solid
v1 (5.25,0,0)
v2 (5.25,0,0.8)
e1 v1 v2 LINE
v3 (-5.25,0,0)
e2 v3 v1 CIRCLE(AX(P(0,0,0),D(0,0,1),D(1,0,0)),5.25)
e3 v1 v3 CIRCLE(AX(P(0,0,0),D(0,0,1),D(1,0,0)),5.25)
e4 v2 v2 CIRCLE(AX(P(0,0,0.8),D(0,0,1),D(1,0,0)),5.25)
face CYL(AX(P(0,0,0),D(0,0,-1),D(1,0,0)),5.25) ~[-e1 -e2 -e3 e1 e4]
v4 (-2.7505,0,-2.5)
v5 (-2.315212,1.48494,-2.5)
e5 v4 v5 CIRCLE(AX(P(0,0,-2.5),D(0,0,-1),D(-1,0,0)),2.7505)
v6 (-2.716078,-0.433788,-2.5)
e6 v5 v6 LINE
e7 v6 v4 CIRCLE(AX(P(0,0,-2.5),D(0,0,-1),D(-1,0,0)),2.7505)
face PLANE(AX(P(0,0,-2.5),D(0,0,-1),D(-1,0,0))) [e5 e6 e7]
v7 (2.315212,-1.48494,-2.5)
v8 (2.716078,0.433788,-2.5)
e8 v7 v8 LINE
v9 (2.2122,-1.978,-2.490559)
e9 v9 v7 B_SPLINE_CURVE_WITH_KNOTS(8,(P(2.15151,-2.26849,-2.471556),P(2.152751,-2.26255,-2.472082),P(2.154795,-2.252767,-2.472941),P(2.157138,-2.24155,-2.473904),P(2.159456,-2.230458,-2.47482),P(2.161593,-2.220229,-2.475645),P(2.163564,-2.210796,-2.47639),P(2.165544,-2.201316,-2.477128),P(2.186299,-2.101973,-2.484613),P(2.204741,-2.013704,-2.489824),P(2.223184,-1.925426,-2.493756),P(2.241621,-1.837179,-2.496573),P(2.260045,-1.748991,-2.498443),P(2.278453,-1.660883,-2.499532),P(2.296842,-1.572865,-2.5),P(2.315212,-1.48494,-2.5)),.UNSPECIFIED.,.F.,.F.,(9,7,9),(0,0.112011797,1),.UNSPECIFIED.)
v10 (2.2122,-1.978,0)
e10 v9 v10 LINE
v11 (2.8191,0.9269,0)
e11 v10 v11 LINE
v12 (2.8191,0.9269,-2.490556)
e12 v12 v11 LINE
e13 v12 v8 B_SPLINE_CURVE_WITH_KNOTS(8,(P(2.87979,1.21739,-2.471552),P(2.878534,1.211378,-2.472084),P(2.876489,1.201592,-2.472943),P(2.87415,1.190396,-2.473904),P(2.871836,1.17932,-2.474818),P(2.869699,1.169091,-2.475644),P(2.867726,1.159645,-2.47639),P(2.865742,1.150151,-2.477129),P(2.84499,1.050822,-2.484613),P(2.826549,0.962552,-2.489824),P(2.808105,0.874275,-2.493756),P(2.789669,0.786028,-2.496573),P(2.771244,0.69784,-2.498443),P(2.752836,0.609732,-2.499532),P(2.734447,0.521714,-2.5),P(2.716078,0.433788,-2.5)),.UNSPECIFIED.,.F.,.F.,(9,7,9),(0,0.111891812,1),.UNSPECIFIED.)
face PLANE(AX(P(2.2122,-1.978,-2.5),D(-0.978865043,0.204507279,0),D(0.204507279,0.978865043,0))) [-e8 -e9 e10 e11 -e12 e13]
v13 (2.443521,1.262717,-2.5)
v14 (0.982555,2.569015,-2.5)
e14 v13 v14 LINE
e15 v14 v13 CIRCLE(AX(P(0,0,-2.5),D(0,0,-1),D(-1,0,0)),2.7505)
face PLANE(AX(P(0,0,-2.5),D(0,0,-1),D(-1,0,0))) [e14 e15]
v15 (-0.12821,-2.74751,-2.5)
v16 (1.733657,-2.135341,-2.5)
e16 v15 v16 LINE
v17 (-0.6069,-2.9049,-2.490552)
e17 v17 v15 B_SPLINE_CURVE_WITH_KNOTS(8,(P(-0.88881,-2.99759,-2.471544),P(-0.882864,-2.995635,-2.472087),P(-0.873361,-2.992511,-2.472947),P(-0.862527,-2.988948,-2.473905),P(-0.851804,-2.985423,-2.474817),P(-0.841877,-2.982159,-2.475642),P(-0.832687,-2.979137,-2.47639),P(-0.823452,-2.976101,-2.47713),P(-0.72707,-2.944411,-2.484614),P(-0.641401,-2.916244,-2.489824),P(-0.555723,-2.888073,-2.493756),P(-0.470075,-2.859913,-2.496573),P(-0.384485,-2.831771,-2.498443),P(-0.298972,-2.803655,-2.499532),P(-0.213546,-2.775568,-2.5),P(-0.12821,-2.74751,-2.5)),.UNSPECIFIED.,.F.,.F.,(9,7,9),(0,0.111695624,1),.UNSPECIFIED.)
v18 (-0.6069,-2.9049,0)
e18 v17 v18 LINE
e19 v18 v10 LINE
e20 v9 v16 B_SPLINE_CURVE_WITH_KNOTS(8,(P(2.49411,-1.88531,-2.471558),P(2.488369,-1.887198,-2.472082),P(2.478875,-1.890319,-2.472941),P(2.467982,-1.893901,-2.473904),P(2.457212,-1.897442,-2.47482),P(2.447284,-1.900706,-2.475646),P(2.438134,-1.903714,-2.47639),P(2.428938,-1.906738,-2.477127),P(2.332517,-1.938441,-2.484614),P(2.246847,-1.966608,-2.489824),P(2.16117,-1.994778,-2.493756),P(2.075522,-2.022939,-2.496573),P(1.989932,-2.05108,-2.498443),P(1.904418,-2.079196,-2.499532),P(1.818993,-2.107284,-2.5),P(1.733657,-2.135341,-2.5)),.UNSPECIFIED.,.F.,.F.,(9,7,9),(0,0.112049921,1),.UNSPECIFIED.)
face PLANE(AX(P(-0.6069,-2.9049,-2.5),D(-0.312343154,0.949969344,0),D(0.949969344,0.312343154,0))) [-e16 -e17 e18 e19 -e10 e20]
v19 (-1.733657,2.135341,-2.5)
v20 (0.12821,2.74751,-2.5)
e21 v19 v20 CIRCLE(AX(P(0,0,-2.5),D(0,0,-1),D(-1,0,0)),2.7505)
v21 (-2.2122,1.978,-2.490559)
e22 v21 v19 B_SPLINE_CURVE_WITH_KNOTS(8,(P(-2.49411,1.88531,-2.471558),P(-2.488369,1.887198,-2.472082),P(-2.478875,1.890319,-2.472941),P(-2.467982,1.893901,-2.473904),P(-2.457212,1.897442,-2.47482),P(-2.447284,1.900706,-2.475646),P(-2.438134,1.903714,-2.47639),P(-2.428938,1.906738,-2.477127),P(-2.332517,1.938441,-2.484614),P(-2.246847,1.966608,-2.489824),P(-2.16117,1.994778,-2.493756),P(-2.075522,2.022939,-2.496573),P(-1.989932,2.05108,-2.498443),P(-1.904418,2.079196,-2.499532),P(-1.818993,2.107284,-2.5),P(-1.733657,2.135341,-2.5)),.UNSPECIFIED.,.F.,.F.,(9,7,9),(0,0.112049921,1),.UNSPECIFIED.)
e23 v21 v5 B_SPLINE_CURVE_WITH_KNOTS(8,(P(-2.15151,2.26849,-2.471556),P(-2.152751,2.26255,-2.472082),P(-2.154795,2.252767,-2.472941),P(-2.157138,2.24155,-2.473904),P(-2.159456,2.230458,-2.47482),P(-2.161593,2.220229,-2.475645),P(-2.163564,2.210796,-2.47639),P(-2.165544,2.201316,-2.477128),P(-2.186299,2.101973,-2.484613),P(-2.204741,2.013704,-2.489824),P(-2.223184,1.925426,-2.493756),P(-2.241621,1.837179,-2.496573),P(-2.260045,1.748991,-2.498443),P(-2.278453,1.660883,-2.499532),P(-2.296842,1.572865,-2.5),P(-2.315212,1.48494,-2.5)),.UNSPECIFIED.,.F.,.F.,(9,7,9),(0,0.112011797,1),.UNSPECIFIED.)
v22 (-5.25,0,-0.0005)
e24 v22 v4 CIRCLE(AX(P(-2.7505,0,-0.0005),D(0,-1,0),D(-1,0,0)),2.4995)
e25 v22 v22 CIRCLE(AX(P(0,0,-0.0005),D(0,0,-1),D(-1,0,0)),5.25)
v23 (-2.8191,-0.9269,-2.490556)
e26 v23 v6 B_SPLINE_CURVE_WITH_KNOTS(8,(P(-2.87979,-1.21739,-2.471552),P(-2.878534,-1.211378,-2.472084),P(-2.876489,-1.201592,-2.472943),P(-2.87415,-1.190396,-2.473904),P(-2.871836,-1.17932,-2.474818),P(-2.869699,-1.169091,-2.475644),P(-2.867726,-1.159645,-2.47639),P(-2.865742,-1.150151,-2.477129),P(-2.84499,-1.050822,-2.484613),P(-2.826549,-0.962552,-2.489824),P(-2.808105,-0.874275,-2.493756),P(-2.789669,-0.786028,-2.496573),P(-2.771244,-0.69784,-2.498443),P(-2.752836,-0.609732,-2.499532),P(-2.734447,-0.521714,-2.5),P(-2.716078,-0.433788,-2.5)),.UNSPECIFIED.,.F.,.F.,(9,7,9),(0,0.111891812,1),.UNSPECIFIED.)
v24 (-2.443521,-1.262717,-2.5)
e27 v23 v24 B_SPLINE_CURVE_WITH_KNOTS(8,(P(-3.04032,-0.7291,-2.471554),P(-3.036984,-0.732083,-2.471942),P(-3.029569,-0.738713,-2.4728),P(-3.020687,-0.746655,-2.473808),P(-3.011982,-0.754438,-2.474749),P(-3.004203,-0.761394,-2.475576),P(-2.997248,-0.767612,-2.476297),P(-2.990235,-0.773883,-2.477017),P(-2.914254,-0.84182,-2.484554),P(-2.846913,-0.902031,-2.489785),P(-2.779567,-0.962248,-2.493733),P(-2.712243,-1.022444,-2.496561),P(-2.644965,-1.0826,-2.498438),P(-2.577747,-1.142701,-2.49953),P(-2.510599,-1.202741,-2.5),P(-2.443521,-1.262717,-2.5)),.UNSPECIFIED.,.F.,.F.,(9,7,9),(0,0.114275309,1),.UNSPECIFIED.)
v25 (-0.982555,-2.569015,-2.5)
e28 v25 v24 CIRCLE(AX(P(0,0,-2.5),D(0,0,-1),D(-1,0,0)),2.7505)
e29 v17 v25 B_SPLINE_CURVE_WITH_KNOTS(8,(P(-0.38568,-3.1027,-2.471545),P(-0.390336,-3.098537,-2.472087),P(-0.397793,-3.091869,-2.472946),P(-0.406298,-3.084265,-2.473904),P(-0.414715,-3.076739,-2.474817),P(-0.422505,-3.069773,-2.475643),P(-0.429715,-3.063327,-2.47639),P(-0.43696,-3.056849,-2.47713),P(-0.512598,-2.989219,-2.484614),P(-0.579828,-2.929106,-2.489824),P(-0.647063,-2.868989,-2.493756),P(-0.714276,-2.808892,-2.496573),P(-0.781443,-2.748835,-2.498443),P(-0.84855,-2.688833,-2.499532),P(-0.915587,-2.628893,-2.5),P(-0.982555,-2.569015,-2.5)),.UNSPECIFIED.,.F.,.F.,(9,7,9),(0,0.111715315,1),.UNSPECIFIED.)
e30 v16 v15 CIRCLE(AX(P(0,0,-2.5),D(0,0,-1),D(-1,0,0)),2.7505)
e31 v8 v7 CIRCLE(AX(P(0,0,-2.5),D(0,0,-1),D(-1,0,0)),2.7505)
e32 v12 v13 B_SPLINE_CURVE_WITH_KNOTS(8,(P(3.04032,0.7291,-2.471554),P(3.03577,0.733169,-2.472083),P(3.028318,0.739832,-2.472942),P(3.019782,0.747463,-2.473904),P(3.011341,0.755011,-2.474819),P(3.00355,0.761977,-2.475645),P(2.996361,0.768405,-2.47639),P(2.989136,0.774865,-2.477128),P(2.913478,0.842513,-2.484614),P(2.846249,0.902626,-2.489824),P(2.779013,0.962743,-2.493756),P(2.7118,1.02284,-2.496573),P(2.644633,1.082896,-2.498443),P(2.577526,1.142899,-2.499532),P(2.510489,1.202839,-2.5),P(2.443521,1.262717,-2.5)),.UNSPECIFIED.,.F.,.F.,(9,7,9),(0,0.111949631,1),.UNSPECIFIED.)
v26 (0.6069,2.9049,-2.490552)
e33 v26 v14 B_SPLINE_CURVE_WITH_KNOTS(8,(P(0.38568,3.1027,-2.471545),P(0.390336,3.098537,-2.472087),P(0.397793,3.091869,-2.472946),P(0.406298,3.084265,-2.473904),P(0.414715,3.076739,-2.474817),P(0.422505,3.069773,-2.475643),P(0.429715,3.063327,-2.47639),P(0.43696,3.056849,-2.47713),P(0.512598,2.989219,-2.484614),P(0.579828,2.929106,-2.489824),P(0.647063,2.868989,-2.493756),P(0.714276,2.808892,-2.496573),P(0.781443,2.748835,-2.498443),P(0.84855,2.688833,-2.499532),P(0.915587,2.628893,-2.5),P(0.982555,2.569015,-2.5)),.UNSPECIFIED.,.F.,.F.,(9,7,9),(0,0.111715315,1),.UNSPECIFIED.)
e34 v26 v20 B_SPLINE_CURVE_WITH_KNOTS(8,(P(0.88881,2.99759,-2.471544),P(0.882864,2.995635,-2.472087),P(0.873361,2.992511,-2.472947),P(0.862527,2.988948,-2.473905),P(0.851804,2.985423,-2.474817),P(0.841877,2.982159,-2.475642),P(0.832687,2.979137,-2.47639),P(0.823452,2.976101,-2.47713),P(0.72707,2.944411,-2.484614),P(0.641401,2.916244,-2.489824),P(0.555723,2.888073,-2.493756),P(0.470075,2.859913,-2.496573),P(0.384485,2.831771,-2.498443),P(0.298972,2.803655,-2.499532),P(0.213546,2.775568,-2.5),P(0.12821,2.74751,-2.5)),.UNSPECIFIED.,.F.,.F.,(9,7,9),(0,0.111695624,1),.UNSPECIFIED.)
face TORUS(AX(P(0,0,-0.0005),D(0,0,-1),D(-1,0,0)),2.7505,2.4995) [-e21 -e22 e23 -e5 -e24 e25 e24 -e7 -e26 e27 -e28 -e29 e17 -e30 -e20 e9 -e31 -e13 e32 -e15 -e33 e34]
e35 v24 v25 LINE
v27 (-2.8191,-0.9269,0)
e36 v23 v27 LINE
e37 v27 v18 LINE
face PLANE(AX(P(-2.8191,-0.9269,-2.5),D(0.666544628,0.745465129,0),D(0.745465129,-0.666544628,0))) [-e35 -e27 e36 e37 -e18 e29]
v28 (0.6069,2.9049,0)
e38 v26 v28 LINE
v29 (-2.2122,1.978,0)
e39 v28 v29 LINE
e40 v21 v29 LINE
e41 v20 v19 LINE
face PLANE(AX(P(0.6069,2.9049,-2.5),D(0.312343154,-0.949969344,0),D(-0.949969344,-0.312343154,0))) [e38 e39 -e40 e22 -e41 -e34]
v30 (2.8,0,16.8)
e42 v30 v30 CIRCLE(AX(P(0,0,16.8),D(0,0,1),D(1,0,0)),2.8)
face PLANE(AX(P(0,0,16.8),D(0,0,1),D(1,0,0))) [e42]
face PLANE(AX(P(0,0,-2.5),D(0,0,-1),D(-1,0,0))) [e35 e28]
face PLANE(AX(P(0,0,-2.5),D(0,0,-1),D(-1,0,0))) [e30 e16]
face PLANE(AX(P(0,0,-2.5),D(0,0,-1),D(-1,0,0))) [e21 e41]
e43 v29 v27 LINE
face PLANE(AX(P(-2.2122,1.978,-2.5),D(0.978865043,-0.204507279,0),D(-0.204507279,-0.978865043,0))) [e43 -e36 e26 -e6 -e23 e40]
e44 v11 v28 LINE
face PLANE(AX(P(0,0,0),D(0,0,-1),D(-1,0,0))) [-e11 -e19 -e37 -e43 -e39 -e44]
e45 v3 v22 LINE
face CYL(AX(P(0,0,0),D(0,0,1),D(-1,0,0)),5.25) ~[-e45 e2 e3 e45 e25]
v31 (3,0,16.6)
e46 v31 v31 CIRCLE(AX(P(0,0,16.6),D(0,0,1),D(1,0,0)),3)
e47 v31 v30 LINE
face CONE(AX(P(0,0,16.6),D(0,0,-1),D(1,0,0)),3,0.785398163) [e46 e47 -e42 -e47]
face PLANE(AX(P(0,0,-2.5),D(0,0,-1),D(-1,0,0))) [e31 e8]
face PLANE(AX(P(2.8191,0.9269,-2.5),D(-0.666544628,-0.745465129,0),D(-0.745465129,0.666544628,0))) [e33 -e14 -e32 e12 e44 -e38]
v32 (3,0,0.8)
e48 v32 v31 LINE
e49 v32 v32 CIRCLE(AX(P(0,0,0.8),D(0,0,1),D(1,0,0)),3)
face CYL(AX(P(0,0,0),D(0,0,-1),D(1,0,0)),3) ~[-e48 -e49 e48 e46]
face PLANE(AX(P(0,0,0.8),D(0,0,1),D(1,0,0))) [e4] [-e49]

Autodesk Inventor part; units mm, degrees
ref_plane "YZ Plane" through (0, 0, 0) normal (1, 0, 0) x (0, 1, 0)
ref_plane "XZ Plane" through (0, 0, 0) normal (0, 1, 0) x (-1, 0, 0)
ref_plane "XY Plane" through (0, 0, 0) normal (0, 0, 1) x (1, 0, 0)
sketch "Sketch1" plane through (0, 0, 0) normal (0, 0, 1) x (1, 0, 0)
  circle A0 centre (0, 0) radius 3
  circle A1 centre (0, 0) radius 5.25
  dimension "d0" = 6
  dimension "d1" = 10.5
extrude "Extrusion1" add sketch "Sketch1" along normal blind 0.8
extrude "Extrusion2" add sketch "Sketch1" along normal blind 16.8 contours A0
thread "Thread1" size "M6x1" class "6g" standard "ANSI Metric M Profile" length 348
sketch "Boceto3" plane through (0, 0, 0) normal (0, 0, -1) x (-1, 0, 0)
  circle A0 centre (0, 0) radius 5.25
extrude "Extrusión3" add sketch "Boceto3" along normal blind 2.5
fillet "Empalme2" radius 2.5 1 edges at (5.25, 0, -2.5)
sketch "Boceto4" plane through (0, 0, -2.5) normal (0, 0, -1) x (-1, 0, 0)
  line L0 (-2.2122, -1.978) -> (-2.8191, 0.9269)
  line L1 (-2.8191, 0.9269) -> (-0.6069, 2.9049)
  line L2 (-0.6069, 2.9049) -> (2.2122, 1.978)
  line L3 (2.2122, 1.978) -> (2.8191, -0.9269)
  line L4 (2.8191, -0.9269) -> (0.6069, -2.9049)
  line L5 (0.6069, -2.9049) -> (-2.2122, -1.978)
  point P0 (0, 0)
  point P1 (0, 0)
  dimension "d12" = 5.14
extrude "Extrusión4" cut sketch "Boceto4" against normal blind 2.5
chamfer "Chaflán1" distance 0.2 angle 45 1 edges at (-3, 0, 16.8)
properties part number "Tornillo Allen cabeza botón M6x16mm"
